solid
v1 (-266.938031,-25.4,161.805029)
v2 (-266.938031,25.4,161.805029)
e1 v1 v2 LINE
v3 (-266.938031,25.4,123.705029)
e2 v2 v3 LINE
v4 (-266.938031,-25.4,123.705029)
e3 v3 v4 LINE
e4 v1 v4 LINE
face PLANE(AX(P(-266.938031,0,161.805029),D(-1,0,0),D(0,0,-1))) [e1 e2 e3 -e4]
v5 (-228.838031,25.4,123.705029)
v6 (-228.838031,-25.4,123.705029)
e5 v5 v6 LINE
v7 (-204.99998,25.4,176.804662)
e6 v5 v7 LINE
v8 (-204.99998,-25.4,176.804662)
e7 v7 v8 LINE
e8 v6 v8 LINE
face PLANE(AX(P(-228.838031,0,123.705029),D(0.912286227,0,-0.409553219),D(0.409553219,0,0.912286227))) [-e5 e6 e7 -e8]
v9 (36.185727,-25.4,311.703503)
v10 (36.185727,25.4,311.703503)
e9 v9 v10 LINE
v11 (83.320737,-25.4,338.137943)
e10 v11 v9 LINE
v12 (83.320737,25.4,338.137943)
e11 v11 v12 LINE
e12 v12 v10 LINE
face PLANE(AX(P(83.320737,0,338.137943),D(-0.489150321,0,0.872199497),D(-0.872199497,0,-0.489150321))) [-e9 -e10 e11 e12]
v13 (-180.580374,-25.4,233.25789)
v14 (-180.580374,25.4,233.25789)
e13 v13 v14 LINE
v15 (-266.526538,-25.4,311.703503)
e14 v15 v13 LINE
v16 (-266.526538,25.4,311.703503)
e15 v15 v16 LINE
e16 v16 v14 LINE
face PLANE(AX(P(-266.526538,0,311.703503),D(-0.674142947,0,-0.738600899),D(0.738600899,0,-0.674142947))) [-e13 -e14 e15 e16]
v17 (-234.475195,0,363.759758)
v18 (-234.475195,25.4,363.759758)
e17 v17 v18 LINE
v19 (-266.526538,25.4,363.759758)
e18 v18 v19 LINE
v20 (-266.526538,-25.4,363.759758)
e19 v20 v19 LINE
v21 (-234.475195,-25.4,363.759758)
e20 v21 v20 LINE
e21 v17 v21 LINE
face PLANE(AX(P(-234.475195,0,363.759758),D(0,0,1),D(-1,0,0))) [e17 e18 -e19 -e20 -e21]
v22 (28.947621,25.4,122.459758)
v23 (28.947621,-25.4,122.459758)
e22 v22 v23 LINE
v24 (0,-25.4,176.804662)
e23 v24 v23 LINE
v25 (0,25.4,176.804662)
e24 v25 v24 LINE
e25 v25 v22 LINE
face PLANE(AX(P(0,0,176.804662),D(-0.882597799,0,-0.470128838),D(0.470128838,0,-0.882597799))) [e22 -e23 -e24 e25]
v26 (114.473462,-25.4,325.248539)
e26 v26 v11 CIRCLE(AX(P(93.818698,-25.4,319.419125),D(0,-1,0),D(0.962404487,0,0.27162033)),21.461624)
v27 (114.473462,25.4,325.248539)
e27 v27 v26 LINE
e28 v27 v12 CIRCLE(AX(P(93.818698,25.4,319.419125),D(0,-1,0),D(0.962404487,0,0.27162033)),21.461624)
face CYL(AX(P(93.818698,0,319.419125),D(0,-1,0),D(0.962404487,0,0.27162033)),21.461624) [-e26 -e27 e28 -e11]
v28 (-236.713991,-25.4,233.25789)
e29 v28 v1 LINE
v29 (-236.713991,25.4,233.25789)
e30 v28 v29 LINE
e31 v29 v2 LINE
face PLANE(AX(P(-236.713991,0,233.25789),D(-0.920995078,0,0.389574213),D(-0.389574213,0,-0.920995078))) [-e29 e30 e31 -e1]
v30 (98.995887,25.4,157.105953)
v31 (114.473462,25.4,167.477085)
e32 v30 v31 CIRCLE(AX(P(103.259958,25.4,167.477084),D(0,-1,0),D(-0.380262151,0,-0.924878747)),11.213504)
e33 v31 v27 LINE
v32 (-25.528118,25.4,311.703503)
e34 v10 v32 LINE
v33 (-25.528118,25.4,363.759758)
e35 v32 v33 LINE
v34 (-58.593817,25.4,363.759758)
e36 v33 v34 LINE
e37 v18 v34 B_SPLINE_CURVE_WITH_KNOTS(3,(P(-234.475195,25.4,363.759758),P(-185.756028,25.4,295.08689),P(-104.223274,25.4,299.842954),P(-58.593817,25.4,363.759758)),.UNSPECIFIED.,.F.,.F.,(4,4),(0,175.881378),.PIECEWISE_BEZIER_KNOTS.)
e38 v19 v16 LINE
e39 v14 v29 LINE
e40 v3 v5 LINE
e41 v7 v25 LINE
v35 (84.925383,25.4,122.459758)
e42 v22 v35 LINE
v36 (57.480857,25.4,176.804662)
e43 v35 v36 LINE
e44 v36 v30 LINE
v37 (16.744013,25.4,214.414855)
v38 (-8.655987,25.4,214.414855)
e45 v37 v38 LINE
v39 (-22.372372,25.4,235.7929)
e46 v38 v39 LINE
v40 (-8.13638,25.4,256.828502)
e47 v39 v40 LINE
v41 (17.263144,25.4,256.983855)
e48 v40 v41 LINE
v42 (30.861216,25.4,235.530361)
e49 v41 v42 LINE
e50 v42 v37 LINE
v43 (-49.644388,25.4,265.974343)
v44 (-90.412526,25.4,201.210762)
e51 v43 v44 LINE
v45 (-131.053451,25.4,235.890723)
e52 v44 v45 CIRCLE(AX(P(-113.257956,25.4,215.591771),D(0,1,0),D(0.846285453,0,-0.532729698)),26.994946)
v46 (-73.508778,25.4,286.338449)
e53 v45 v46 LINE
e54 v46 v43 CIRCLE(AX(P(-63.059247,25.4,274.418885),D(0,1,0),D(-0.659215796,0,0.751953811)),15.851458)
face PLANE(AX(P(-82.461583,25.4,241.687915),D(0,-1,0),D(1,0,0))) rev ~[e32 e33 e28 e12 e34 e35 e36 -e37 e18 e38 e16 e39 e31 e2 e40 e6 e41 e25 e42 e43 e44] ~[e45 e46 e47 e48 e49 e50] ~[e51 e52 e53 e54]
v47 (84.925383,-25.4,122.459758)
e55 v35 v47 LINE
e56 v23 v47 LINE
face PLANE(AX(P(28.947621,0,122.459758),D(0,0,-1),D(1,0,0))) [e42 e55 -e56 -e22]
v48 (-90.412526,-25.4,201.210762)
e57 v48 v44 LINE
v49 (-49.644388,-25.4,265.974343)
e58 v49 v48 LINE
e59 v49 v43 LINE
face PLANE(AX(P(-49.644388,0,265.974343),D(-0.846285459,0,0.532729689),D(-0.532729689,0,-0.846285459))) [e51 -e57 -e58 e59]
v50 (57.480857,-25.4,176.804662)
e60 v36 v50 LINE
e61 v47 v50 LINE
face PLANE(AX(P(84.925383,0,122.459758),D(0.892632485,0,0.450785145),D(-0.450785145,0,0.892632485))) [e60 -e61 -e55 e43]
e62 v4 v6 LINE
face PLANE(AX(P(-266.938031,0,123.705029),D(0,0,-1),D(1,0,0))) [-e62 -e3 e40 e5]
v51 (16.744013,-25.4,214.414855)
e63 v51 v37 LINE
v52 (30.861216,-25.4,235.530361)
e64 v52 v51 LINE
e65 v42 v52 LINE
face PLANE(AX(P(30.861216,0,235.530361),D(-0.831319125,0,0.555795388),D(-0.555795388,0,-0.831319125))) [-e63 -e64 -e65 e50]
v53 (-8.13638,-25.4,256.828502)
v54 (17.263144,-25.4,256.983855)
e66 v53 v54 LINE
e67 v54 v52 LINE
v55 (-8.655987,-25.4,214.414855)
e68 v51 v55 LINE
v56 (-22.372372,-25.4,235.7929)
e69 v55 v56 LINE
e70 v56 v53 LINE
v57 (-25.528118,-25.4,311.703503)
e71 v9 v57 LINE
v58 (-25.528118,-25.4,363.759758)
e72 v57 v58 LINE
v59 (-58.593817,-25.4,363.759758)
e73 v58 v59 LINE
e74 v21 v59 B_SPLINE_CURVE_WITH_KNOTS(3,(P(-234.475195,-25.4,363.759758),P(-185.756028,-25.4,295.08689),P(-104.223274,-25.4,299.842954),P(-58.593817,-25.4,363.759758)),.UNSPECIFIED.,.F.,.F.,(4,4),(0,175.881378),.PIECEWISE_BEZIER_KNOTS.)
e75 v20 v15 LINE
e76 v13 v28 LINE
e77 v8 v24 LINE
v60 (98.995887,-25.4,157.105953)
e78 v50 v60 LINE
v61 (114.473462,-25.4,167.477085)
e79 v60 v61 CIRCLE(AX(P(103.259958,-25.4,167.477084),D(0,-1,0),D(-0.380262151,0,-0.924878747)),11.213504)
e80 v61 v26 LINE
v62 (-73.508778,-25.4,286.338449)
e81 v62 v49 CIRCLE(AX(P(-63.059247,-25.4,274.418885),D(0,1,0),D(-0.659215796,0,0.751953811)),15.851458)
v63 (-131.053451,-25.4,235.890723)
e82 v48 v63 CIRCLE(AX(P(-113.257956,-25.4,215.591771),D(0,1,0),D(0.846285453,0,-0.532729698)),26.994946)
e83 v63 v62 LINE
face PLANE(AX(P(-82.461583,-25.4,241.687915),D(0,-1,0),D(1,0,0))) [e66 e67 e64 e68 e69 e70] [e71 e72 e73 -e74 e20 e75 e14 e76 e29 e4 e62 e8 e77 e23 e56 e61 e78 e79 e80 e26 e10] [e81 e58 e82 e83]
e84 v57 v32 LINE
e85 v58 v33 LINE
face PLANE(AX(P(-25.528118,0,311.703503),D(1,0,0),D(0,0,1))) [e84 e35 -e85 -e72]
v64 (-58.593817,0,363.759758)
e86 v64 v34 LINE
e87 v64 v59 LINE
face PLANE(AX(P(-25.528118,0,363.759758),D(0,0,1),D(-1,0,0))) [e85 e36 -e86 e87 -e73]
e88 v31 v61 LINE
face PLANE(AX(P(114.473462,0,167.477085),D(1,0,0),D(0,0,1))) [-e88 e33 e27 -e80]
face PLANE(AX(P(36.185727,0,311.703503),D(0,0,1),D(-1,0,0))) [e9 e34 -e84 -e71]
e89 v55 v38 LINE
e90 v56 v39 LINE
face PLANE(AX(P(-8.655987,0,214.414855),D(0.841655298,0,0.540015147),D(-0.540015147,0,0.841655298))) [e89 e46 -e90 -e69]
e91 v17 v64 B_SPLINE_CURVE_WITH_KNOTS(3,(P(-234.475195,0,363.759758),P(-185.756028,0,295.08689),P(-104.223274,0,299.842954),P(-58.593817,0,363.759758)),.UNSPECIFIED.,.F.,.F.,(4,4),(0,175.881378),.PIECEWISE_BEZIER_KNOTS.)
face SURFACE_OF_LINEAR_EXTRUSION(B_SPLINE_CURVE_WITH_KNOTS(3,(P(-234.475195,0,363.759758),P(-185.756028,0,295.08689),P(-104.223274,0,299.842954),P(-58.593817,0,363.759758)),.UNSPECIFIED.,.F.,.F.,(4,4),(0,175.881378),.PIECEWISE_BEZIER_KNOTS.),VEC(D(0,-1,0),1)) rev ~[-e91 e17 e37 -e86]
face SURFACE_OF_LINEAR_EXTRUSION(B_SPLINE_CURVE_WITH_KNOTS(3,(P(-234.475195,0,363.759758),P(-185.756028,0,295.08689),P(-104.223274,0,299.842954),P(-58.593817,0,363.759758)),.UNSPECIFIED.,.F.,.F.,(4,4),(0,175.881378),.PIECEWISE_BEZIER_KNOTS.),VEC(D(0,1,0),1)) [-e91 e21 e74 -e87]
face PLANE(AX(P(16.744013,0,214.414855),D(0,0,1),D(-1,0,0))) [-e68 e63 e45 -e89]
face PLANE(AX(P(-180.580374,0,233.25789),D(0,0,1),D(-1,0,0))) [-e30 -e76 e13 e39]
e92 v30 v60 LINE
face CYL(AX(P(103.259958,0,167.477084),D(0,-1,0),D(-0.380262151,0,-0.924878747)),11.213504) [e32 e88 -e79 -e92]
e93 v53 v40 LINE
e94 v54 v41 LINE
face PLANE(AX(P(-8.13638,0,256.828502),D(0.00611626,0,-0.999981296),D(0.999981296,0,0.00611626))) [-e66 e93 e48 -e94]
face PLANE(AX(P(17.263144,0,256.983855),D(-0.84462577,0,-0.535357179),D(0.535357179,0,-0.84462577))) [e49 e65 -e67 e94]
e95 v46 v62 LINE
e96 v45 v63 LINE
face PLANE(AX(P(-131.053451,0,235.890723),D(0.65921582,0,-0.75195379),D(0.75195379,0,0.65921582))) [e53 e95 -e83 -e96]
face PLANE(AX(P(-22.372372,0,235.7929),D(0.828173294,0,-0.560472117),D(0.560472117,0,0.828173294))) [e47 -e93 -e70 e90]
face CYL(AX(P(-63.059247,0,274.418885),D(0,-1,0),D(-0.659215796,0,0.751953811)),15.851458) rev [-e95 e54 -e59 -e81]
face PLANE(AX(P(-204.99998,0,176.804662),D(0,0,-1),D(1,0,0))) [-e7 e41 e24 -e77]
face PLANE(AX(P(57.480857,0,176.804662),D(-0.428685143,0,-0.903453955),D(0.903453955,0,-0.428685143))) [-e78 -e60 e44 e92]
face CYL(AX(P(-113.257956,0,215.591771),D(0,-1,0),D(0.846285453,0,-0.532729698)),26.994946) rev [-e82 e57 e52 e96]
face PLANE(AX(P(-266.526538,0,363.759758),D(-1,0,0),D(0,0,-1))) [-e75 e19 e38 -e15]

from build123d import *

# Parameters (mm, degrees)
F1_DEPTH = 25.4


with BuildPart() as f1:
    # F0 (on Front) → F1 (new body, symmetric)
    with BuildSketch(Plane.XZ):
        with BuildLine():
            Line((-266.938031, 161.805029), (-266.938031, 123.705029))
            Line((-266.938031, 123.705029), (-228.838031, 123.705029))
            Line((-228.838031, 123.705029), (-204.99998, 176.804662))
            Line((-204.99998, 176.804662), (0, 176.804662))
            Line((0, 176.804662), (28.947621, 122.459758))
            Line((28.947621, 122.459758), (84.925383, 122.459758))
            Line((84.925383, 122.459758), (57.480857, 176.804662))
            Line((57.480857, 176.804662), (98.995887, 157.105953))
            ThreePointArc((98.995887, 157.105953), (109.502053, 158.161564), (114.473462, 167.477085))
            Line((114.473462, 167.477085), (114.473462, 325.248539))
            ThreePointArc((114.473462, 325.248539), (102.023839, 339.250338), (83.320737, 338.137943))
            Line((83.320737, 338.137943), (36.185727, 311.703503))
            Line((36.185727, 311.703503), (-25.528118, 311.703503))
            Line((-25.528118, 311.703503), (-25.528118, 363.759758))
            Line((-25.528118, 363.759758), (-58.593817, 363.759758))
            add(Edge.make_bspline(
                [(-234.475195, 363.759758), (-185.756028, 295.08689), (-104.223274, 299.842954), (-58.593817, 363.759758)],
                knots=[0, 0, 0, 0, 175.881378, 175.881378, 175.881378, 175.881378], degree=3))
            Line((-234.475195, 363.759758), (-266.526538, 363.759758))
            Line((-266.526538, 363.759758), (-266.526538, 311.703503))
            Line((-266.526538, 311.703503), (-180.580374, 233.25789))
            Line((-180.580374, 233.25789), (-236.713991, 233.25789))
            Line((-236.713991, 233.25789), (-266.938031, 161.805029))
        make_face()
        with BuildLine():
            Line((-131.053451, 235.890723), (-73.508778, 286.338449))
            ThreePointArc((-73.508778, 286.338449), (-52.76981, 286.47692), (-49.644388, 265.974343))
            Line((-49.644388, 265.974343), (-90.412526, 201.210762))
            ThreePointArc((-90.412526, 201.210762), (-130.780809, 195.057003), (-131.053451, 235.890723))
        make_face(mode=Mode.SUBTRACT)
        Polygon((30.861216, 235.530361), (16.744013, 214.414855), (-8.655987, 214.414855), (-22.372372, 235.7929), (-8.13638, 256.828502), (17.263144, 256.983855), align=None, mode=Mode.SUBTRACT)
    extrude(amount=F1_DEPTH, both=True)


solid = f1.part
